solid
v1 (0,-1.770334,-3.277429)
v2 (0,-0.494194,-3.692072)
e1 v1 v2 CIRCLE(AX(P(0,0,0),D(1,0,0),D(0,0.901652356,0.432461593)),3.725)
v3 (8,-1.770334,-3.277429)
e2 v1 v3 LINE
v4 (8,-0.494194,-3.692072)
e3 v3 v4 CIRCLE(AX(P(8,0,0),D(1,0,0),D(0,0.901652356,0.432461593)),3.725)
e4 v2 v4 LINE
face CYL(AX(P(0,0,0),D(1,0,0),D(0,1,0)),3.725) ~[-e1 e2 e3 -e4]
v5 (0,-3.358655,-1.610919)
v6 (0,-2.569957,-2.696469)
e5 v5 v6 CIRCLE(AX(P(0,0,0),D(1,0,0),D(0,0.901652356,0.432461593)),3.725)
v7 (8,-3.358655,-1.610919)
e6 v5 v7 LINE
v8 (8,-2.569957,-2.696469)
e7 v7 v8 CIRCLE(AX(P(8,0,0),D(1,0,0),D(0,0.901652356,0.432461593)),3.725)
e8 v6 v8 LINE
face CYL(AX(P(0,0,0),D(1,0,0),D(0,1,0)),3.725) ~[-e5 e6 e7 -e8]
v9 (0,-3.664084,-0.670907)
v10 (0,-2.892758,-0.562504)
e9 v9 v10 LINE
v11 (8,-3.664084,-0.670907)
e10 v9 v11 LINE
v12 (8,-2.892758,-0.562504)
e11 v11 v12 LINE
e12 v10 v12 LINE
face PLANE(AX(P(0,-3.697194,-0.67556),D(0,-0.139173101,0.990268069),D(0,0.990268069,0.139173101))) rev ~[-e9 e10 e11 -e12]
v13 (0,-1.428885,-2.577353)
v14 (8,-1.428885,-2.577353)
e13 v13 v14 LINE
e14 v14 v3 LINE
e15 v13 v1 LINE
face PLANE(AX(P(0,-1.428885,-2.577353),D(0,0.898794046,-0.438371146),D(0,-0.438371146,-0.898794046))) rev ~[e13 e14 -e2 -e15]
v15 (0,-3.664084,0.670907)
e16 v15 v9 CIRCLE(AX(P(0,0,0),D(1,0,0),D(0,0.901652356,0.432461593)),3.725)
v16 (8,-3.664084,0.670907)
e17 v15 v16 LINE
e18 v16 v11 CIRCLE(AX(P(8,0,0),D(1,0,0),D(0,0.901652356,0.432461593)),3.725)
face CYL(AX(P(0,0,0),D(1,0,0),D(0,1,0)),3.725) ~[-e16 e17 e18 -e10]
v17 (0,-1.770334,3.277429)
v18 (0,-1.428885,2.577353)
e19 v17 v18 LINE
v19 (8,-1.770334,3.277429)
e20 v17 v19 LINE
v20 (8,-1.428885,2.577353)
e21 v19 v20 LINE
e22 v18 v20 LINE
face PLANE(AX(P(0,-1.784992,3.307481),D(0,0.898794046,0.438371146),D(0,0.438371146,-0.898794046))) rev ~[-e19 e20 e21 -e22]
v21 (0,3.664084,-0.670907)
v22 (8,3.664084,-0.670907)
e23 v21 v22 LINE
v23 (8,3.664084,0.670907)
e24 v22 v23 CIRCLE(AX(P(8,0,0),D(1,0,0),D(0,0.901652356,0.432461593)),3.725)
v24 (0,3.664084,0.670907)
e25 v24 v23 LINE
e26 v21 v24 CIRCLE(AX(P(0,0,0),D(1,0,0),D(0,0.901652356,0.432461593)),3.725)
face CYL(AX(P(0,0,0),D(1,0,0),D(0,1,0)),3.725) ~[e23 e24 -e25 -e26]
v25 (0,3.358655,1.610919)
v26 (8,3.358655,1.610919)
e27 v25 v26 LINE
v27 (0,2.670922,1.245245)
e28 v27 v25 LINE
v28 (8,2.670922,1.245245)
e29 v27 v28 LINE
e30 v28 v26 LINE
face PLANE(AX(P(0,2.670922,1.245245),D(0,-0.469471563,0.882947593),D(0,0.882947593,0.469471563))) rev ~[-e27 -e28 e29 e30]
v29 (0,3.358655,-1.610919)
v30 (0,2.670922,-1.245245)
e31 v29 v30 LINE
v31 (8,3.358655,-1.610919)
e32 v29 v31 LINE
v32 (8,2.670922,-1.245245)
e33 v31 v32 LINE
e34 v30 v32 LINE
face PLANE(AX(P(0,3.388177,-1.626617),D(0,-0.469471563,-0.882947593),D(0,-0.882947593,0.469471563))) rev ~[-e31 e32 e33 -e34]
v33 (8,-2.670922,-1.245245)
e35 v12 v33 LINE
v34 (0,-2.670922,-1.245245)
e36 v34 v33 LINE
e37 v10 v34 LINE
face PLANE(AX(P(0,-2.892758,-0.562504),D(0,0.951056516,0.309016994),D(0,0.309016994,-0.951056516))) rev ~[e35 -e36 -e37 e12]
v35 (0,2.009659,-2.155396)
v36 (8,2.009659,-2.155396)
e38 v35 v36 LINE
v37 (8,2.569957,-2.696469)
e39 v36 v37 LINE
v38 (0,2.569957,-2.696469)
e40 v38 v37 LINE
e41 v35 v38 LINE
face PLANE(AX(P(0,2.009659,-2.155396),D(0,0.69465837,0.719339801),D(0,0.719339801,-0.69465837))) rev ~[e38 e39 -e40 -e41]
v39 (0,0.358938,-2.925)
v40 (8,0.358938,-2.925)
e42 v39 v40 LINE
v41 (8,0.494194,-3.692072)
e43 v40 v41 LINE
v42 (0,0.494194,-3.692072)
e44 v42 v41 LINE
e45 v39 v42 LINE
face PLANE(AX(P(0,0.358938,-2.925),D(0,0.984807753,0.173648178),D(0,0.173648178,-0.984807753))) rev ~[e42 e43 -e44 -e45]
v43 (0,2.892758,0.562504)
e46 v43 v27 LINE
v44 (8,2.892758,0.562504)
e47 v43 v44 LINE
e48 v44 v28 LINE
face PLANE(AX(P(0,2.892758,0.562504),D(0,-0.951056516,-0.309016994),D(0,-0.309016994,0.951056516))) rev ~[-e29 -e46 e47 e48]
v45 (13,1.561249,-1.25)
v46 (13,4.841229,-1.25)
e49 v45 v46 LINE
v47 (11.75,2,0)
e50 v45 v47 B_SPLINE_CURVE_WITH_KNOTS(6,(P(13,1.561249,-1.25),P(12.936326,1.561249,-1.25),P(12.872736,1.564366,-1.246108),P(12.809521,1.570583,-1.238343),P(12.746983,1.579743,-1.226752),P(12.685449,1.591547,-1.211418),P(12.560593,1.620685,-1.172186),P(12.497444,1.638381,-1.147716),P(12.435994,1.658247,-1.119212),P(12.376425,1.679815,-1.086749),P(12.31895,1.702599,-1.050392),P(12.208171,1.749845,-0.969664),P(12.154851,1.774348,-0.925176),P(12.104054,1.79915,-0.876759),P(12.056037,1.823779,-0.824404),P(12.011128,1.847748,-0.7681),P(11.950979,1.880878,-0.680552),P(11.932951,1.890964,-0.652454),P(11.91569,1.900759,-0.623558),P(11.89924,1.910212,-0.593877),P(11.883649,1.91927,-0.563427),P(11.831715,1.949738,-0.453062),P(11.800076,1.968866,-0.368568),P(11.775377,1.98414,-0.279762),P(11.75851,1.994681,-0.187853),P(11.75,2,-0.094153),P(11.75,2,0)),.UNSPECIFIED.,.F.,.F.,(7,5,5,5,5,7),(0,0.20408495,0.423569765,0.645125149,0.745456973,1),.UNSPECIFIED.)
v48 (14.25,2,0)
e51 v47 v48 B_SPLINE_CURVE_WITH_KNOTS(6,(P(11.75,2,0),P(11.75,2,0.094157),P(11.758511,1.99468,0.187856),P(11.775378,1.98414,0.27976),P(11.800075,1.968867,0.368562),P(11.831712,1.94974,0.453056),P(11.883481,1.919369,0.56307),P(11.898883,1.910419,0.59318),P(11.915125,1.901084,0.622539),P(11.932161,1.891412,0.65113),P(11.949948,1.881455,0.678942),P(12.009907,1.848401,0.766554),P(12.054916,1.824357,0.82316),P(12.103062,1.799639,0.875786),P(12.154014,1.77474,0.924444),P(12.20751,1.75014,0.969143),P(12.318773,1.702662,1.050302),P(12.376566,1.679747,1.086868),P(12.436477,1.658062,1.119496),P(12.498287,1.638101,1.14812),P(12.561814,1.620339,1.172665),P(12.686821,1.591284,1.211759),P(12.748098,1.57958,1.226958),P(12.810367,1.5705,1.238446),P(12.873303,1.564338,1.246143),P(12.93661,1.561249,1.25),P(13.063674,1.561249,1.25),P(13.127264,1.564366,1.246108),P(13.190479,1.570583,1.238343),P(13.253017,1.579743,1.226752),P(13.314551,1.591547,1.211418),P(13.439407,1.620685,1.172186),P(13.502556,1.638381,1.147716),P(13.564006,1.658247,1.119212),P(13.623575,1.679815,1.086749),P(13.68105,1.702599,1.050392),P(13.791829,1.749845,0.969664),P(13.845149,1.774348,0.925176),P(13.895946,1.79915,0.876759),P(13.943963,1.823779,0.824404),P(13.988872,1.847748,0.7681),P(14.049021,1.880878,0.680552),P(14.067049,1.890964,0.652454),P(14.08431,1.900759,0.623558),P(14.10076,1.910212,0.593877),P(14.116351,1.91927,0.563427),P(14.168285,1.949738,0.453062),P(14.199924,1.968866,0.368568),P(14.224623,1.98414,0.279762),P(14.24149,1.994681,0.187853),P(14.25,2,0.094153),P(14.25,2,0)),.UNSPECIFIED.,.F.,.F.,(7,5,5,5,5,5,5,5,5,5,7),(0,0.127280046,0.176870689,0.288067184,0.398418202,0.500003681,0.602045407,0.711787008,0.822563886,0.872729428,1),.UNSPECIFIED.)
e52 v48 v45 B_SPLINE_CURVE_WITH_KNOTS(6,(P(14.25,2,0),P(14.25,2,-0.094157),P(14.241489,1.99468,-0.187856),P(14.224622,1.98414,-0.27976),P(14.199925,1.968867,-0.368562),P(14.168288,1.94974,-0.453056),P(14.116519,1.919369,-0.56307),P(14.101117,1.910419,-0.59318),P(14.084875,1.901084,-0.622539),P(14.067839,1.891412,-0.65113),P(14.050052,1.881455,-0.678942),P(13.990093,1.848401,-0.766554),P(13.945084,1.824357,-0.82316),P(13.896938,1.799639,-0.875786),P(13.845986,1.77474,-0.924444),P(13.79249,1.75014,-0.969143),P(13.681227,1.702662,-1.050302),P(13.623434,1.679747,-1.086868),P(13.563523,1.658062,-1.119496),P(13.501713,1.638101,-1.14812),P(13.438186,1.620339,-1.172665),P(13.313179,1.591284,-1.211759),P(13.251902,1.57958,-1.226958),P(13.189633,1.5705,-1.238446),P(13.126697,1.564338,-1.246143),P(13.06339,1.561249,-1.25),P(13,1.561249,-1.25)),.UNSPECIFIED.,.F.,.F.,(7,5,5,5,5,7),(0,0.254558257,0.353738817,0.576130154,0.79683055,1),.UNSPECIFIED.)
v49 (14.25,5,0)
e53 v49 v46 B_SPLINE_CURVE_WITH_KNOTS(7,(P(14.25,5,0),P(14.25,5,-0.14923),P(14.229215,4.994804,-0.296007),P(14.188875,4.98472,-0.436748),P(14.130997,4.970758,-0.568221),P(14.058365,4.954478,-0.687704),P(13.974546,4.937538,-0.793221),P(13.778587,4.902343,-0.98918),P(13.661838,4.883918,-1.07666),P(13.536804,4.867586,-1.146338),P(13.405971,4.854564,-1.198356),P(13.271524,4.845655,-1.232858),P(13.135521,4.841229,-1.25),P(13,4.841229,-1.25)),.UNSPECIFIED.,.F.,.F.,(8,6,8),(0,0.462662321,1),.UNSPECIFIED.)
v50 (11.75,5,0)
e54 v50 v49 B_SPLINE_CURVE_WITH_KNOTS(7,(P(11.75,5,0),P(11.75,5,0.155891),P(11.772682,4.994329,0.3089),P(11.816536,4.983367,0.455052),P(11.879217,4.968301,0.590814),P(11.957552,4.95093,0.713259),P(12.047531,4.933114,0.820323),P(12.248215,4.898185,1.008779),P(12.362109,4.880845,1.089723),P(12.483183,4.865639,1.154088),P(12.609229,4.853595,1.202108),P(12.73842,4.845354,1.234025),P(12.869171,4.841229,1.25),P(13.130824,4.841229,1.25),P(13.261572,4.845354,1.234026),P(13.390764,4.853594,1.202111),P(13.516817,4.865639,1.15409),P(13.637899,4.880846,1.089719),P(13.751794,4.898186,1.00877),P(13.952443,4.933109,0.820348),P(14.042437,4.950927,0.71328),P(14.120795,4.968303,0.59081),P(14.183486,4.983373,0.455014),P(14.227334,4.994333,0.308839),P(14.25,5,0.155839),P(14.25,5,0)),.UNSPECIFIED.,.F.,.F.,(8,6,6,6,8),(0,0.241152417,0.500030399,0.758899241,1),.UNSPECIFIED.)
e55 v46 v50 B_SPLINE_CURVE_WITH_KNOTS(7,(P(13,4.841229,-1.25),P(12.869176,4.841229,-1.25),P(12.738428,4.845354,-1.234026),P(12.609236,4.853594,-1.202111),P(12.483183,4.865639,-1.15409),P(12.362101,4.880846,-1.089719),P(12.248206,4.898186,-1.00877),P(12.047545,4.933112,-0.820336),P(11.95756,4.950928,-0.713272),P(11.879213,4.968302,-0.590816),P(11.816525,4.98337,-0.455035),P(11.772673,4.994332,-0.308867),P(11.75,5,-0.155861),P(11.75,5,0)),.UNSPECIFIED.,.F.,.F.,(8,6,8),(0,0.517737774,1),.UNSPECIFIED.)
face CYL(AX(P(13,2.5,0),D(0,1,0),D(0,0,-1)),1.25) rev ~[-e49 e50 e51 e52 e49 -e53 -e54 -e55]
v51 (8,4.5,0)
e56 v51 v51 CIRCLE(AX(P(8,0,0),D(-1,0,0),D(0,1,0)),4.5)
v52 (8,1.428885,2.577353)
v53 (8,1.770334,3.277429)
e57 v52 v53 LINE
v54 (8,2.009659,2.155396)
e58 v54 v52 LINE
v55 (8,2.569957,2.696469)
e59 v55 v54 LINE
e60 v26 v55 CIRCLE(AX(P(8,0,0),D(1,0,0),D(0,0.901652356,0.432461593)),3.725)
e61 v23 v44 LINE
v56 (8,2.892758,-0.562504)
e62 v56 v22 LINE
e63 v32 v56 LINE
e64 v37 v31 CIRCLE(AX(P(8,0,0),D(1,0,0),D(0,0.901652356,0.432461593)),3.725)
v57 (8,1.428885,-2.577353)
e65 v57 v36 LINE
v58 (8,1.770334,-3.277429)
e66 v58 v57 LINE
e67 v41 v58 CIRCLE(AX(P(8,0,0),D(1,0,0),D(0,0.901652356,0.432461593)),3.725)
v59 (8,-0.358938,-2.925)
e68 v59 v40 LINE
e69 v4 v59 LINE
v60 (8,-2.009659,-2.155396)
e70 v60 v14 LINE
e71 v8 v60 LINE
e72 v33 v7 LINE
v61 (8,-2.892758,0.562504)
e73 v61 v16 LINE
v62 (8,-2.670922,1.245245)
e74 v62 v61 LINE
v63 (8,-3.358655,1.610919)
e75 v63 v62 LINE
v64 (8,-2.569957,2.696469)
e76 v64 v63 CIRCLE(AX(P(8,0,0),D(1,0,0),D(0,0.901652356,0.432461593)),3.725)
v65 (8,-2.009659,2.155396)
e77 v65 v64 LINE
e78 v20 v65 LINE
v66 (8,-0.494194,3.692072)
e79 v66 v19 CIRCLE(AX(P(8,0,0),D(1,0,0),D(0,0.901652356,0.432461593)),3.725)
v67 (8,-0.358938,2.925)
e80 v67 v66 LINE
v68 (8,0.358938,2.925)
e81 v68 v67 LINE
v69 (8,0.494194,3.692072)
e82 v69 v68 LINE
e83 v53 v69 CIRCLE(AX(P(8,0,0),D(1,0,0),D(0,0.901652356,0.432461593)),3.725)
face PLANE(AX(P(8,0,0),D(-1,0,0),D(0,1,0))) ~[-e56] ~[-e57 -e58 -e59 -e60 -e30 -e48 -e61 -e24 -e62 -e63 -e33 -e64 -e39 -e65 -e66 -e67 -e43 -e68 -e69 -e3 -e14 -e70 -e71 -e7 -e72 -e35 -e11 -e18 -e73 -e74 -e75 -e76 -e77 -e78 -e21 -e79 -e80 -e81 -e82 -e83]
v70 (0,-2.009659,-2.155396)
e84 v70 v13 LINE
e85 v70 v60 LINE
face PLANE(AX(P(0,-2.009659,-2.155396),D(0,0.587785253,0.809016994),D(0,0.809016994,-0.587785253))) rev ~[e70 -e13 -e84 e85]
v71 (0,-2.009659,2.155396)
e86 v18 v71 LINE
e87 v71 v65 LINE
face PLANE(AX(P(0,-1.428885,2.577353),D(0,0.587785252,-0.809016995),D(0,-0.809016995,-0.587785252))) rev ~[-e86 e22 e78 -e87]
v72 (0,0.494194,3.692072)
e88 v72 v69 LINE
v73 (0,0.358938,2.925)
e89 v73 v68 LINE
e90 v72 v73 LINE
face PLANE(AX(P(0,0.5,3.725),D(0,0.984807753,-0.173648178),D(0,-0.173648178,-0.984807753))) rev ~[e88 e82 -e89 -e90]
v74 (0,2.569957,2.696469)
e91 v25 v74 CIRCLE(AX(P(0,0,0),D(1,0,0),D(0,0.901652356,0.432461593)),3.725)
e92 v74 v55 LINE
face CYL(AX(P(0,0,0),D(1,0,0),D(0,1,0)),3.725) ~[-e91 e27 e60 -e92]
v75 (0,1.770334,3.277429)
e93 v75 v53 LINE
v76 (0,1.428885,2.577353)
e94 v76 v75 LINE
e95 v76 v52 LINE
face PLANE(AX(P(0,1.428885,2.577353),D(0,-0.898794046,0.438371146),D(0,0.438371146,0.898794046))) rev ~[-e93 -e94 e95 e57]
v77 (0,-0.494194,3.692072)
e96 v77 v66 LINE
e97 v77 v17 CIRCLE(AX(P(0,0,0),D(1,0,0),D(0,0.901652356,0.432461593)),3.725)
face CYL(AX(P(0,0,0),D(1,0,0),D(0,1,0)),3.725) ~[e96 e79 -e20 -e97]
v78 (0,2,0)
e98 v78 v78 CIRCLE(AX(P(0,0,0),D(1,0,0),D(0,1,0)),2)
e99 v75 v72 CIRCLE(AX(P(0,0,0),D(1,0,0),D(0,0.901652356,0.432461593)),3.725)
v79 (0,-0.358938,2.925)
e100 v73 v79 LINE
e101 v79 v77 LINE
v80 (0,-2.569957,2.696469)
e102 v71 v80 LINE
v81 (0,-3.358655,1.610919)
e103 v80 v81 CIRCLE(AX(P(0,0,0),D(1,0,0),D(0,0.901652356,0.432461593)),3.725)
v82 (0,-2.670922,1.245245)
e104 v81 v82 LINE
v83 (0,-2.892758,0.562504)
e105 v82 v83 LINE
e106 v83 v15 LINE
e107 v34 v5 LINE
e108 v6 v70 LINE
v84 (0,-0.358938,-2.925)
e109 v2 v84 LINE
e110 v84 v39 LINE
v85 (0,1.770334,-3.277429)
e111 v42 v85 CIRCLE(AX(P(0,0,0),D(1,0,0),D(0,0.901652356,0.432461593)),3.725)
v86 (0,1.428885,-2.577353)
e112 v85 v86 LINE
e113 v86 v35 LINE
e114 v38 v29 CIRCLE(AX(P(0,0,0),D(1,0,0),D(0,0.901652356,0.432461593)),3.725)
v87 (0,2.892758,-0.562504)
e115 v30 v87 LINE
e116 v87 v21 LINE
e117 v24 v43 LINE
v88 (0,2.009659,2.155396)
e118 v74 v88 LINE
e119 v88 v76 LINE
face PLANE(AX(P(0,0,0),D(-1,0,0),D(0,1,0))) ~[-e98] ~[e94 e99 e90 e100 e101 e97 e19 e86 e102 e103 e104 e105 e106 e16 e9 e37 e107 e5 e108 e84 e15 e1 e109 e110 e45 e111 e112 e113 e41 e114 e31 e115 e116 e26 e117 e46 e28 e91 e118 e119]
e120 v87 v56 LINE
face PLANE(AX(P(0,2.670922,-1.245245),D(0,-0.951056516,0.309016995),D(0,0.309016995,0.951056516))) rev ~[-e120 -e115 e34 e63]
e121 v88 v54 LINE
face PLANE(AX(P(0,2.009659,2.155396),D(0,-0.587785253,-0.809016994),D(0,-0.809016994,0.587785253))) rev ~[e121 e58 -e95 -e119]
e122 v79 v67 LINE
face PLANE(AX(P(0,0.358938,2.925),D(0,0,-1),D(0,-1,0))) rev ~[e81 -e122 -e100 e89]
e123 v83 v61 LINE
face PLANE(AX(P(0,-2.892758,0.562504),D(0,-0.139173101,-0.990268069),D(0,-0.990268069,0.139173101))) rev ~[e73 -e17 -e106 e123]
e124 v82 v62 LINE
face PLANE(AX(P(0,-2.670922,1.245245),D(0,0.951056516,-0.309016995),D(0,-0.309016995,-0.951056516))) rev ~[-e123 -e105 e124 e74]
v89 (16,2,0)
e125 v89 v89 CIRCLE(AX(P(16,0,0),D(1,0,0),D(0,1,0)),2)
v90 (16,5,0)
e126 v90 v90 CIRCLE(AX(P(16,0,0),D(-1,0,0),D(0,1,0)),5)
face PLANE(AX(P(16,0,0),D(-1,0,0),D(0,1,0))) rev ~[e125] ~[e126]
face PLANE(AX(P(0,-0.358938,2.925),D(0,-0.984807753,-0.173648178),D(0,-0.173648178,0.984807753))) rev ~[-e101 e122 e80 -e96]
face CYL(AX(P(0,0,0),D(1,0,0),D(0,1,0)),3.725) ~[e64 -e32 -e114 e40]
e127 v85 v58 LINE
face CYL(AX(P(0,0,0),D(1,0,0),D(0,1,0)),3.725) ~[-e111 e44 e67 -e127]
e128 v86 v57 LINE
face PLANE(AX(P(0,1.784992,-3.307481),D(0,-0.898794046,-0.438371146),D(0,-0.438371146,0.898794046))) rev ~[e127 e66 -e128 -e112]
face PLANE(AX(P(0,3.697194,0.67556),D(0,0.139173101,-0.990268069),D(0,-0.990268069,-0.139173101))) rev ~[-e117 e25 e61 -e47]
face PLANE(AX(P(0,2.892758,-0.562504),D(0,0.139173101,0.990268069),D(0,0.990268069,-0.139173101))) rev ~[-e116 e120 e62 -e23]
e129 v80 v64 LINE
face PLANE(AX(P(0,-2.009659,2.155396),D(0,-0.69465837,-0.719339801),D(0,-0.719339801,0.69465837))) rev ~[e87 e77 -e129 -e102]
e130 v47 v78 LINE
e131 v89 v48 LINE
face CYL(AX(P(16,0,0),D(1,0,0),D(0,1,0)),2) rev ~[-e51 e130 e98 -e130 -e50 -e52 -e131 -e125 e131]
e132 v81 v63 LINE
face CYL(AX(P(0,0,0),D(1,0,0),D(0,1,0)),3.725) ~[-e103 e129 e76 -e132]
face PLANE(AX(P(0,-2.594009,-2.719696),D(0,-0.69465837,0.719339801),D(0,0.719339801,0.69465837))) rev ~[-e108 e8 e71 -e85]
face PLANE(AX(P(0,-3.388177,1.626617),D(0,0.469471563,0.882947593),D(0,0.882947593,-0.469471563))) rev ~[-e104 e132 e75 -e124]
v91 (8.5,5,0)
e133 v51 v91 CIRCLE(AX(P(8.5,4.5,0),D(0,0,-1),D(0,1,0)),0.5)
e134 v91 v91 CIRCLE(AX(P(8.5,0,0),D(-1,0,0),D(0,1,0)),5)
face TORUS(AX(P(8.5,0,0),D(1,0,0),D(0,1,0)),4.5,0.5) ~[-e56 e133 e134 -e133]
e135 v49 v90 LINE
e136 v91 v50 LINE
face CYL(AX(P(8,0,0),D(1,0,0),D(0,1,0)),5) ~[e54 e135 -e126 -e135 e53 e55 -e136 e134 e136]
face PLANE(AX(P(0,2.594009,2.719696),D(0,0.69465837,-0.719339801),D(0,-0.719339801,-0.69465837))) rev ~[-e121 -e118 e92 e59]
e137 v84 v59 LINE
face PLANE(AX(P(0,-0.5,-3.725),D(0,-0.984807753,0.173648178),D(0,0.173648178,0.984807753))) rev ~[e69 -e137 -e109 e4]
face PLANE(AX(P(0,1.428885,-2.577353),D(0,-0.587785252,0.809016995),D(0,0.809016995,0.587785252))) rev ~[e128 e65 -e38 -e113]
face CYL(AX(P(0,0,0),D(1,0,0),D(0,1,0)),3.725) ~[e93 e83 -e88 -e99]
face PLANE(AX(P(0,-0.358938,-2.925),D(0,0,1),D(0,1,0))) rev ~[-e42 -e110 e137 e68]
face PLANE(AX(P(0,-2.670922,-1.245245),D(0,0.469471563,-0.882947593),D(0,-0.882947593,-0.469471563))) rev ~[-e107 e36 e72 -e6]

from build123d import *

# Parameters (mm, degrees)
ESQUISSE2_R                  = 2
ENL_V_MAT_EXTRU_1_DEPTH      = 17
CONG_1_R                     = 0.5
ENL_V_MAT_EXTRU_2_DEPTH      = 8
R_P_TITION_CIRCULAIRE1_COUNT = 10
ESQUISSE4_W                  = 1.25
ESQUISSE4_H                  = 5


with BuildPart() as part:
    # Esquisse1 → Révolution1 (revolve)
    with BuildSketch(Plane.XY):
        Polygon((0, 0), (0, 3.725), (8, 3.725), (8, 5), (16, 5), (16, 0), align=None)
    revolve(axis=Axis((16, 0, 0), (-1, 0, 0)))

    # Esquisse2 → Enlèv. mat.-Extru.1 (cut, through all)
    with BuildSketch(Plane(origin=(16, 0, 0), x_dir=(0, 0, -1), z_dir=(1, 0, 0))):
        with Locations(Location((0, 0, 0), (0, 0, 90))):  # turned: the seam where the file's is
            Circle(ESQUISSE2_R)
    extrude(amount=-ENL_V_MAT_EXTRU_1_DEPTH, mode=Mode.SUBTRACT)

    # Congé1
    cong_1_edges = [part.edges().sort_by_distance(p)[0] for p in [
        (8, -5, 0),
    ]]
    fillet(cong_1_edges, radius=CONG_1_R)

    # Esquisse3 → Enlèv. mat.-Extru.2 (cut)
    with BuildSketch(Plane.ZY):
        Polygon((0.675560046, 3.69719402), (0.56250399, 2.89275838), (1.245245427, 2.67092224), (1.626616562, 3.388177026), align=None)
    enl_v_mat_extru_2 = extrude(amount=-ENL_V_MAT_EXTRU_2_DEPTH, mode=Mode.SUBTRACT)

    # Répétition circulaire1: Enlèv. mat.-Extru.2 ×10 about axis
    r_p_tition_circulaire1_axis = Axis((0, 0, 0), (1, 0, 0))
    for i in range(1, R_P_TITION_CIRCULAIRE1_COUNT):
        add(enl_v_mat_extru_2.rotate(r_p_tition_circulaire1_axis, i * 360 / R_P_TITION_CIRCULAIRE1_COUNT), mode=Mode.SUBTRACT)

    # Esquisse4 → Trou taraudé M31 (revolve, cut)
    with BuildSketch(Plane(origin=(13, 0, 0), x_dir=(0, 0, -1), z_dir=(1, 0, 0))):
        with Locations((0.625, 2.5)):
            Rectangle(ESQUISSE4_W, ESQUISSE4_H)
    revolve(axis=Axis((13, -6.35, 0), (0, 1, 0)), mode=Mode.SUBTRACT)


solid = part.part
